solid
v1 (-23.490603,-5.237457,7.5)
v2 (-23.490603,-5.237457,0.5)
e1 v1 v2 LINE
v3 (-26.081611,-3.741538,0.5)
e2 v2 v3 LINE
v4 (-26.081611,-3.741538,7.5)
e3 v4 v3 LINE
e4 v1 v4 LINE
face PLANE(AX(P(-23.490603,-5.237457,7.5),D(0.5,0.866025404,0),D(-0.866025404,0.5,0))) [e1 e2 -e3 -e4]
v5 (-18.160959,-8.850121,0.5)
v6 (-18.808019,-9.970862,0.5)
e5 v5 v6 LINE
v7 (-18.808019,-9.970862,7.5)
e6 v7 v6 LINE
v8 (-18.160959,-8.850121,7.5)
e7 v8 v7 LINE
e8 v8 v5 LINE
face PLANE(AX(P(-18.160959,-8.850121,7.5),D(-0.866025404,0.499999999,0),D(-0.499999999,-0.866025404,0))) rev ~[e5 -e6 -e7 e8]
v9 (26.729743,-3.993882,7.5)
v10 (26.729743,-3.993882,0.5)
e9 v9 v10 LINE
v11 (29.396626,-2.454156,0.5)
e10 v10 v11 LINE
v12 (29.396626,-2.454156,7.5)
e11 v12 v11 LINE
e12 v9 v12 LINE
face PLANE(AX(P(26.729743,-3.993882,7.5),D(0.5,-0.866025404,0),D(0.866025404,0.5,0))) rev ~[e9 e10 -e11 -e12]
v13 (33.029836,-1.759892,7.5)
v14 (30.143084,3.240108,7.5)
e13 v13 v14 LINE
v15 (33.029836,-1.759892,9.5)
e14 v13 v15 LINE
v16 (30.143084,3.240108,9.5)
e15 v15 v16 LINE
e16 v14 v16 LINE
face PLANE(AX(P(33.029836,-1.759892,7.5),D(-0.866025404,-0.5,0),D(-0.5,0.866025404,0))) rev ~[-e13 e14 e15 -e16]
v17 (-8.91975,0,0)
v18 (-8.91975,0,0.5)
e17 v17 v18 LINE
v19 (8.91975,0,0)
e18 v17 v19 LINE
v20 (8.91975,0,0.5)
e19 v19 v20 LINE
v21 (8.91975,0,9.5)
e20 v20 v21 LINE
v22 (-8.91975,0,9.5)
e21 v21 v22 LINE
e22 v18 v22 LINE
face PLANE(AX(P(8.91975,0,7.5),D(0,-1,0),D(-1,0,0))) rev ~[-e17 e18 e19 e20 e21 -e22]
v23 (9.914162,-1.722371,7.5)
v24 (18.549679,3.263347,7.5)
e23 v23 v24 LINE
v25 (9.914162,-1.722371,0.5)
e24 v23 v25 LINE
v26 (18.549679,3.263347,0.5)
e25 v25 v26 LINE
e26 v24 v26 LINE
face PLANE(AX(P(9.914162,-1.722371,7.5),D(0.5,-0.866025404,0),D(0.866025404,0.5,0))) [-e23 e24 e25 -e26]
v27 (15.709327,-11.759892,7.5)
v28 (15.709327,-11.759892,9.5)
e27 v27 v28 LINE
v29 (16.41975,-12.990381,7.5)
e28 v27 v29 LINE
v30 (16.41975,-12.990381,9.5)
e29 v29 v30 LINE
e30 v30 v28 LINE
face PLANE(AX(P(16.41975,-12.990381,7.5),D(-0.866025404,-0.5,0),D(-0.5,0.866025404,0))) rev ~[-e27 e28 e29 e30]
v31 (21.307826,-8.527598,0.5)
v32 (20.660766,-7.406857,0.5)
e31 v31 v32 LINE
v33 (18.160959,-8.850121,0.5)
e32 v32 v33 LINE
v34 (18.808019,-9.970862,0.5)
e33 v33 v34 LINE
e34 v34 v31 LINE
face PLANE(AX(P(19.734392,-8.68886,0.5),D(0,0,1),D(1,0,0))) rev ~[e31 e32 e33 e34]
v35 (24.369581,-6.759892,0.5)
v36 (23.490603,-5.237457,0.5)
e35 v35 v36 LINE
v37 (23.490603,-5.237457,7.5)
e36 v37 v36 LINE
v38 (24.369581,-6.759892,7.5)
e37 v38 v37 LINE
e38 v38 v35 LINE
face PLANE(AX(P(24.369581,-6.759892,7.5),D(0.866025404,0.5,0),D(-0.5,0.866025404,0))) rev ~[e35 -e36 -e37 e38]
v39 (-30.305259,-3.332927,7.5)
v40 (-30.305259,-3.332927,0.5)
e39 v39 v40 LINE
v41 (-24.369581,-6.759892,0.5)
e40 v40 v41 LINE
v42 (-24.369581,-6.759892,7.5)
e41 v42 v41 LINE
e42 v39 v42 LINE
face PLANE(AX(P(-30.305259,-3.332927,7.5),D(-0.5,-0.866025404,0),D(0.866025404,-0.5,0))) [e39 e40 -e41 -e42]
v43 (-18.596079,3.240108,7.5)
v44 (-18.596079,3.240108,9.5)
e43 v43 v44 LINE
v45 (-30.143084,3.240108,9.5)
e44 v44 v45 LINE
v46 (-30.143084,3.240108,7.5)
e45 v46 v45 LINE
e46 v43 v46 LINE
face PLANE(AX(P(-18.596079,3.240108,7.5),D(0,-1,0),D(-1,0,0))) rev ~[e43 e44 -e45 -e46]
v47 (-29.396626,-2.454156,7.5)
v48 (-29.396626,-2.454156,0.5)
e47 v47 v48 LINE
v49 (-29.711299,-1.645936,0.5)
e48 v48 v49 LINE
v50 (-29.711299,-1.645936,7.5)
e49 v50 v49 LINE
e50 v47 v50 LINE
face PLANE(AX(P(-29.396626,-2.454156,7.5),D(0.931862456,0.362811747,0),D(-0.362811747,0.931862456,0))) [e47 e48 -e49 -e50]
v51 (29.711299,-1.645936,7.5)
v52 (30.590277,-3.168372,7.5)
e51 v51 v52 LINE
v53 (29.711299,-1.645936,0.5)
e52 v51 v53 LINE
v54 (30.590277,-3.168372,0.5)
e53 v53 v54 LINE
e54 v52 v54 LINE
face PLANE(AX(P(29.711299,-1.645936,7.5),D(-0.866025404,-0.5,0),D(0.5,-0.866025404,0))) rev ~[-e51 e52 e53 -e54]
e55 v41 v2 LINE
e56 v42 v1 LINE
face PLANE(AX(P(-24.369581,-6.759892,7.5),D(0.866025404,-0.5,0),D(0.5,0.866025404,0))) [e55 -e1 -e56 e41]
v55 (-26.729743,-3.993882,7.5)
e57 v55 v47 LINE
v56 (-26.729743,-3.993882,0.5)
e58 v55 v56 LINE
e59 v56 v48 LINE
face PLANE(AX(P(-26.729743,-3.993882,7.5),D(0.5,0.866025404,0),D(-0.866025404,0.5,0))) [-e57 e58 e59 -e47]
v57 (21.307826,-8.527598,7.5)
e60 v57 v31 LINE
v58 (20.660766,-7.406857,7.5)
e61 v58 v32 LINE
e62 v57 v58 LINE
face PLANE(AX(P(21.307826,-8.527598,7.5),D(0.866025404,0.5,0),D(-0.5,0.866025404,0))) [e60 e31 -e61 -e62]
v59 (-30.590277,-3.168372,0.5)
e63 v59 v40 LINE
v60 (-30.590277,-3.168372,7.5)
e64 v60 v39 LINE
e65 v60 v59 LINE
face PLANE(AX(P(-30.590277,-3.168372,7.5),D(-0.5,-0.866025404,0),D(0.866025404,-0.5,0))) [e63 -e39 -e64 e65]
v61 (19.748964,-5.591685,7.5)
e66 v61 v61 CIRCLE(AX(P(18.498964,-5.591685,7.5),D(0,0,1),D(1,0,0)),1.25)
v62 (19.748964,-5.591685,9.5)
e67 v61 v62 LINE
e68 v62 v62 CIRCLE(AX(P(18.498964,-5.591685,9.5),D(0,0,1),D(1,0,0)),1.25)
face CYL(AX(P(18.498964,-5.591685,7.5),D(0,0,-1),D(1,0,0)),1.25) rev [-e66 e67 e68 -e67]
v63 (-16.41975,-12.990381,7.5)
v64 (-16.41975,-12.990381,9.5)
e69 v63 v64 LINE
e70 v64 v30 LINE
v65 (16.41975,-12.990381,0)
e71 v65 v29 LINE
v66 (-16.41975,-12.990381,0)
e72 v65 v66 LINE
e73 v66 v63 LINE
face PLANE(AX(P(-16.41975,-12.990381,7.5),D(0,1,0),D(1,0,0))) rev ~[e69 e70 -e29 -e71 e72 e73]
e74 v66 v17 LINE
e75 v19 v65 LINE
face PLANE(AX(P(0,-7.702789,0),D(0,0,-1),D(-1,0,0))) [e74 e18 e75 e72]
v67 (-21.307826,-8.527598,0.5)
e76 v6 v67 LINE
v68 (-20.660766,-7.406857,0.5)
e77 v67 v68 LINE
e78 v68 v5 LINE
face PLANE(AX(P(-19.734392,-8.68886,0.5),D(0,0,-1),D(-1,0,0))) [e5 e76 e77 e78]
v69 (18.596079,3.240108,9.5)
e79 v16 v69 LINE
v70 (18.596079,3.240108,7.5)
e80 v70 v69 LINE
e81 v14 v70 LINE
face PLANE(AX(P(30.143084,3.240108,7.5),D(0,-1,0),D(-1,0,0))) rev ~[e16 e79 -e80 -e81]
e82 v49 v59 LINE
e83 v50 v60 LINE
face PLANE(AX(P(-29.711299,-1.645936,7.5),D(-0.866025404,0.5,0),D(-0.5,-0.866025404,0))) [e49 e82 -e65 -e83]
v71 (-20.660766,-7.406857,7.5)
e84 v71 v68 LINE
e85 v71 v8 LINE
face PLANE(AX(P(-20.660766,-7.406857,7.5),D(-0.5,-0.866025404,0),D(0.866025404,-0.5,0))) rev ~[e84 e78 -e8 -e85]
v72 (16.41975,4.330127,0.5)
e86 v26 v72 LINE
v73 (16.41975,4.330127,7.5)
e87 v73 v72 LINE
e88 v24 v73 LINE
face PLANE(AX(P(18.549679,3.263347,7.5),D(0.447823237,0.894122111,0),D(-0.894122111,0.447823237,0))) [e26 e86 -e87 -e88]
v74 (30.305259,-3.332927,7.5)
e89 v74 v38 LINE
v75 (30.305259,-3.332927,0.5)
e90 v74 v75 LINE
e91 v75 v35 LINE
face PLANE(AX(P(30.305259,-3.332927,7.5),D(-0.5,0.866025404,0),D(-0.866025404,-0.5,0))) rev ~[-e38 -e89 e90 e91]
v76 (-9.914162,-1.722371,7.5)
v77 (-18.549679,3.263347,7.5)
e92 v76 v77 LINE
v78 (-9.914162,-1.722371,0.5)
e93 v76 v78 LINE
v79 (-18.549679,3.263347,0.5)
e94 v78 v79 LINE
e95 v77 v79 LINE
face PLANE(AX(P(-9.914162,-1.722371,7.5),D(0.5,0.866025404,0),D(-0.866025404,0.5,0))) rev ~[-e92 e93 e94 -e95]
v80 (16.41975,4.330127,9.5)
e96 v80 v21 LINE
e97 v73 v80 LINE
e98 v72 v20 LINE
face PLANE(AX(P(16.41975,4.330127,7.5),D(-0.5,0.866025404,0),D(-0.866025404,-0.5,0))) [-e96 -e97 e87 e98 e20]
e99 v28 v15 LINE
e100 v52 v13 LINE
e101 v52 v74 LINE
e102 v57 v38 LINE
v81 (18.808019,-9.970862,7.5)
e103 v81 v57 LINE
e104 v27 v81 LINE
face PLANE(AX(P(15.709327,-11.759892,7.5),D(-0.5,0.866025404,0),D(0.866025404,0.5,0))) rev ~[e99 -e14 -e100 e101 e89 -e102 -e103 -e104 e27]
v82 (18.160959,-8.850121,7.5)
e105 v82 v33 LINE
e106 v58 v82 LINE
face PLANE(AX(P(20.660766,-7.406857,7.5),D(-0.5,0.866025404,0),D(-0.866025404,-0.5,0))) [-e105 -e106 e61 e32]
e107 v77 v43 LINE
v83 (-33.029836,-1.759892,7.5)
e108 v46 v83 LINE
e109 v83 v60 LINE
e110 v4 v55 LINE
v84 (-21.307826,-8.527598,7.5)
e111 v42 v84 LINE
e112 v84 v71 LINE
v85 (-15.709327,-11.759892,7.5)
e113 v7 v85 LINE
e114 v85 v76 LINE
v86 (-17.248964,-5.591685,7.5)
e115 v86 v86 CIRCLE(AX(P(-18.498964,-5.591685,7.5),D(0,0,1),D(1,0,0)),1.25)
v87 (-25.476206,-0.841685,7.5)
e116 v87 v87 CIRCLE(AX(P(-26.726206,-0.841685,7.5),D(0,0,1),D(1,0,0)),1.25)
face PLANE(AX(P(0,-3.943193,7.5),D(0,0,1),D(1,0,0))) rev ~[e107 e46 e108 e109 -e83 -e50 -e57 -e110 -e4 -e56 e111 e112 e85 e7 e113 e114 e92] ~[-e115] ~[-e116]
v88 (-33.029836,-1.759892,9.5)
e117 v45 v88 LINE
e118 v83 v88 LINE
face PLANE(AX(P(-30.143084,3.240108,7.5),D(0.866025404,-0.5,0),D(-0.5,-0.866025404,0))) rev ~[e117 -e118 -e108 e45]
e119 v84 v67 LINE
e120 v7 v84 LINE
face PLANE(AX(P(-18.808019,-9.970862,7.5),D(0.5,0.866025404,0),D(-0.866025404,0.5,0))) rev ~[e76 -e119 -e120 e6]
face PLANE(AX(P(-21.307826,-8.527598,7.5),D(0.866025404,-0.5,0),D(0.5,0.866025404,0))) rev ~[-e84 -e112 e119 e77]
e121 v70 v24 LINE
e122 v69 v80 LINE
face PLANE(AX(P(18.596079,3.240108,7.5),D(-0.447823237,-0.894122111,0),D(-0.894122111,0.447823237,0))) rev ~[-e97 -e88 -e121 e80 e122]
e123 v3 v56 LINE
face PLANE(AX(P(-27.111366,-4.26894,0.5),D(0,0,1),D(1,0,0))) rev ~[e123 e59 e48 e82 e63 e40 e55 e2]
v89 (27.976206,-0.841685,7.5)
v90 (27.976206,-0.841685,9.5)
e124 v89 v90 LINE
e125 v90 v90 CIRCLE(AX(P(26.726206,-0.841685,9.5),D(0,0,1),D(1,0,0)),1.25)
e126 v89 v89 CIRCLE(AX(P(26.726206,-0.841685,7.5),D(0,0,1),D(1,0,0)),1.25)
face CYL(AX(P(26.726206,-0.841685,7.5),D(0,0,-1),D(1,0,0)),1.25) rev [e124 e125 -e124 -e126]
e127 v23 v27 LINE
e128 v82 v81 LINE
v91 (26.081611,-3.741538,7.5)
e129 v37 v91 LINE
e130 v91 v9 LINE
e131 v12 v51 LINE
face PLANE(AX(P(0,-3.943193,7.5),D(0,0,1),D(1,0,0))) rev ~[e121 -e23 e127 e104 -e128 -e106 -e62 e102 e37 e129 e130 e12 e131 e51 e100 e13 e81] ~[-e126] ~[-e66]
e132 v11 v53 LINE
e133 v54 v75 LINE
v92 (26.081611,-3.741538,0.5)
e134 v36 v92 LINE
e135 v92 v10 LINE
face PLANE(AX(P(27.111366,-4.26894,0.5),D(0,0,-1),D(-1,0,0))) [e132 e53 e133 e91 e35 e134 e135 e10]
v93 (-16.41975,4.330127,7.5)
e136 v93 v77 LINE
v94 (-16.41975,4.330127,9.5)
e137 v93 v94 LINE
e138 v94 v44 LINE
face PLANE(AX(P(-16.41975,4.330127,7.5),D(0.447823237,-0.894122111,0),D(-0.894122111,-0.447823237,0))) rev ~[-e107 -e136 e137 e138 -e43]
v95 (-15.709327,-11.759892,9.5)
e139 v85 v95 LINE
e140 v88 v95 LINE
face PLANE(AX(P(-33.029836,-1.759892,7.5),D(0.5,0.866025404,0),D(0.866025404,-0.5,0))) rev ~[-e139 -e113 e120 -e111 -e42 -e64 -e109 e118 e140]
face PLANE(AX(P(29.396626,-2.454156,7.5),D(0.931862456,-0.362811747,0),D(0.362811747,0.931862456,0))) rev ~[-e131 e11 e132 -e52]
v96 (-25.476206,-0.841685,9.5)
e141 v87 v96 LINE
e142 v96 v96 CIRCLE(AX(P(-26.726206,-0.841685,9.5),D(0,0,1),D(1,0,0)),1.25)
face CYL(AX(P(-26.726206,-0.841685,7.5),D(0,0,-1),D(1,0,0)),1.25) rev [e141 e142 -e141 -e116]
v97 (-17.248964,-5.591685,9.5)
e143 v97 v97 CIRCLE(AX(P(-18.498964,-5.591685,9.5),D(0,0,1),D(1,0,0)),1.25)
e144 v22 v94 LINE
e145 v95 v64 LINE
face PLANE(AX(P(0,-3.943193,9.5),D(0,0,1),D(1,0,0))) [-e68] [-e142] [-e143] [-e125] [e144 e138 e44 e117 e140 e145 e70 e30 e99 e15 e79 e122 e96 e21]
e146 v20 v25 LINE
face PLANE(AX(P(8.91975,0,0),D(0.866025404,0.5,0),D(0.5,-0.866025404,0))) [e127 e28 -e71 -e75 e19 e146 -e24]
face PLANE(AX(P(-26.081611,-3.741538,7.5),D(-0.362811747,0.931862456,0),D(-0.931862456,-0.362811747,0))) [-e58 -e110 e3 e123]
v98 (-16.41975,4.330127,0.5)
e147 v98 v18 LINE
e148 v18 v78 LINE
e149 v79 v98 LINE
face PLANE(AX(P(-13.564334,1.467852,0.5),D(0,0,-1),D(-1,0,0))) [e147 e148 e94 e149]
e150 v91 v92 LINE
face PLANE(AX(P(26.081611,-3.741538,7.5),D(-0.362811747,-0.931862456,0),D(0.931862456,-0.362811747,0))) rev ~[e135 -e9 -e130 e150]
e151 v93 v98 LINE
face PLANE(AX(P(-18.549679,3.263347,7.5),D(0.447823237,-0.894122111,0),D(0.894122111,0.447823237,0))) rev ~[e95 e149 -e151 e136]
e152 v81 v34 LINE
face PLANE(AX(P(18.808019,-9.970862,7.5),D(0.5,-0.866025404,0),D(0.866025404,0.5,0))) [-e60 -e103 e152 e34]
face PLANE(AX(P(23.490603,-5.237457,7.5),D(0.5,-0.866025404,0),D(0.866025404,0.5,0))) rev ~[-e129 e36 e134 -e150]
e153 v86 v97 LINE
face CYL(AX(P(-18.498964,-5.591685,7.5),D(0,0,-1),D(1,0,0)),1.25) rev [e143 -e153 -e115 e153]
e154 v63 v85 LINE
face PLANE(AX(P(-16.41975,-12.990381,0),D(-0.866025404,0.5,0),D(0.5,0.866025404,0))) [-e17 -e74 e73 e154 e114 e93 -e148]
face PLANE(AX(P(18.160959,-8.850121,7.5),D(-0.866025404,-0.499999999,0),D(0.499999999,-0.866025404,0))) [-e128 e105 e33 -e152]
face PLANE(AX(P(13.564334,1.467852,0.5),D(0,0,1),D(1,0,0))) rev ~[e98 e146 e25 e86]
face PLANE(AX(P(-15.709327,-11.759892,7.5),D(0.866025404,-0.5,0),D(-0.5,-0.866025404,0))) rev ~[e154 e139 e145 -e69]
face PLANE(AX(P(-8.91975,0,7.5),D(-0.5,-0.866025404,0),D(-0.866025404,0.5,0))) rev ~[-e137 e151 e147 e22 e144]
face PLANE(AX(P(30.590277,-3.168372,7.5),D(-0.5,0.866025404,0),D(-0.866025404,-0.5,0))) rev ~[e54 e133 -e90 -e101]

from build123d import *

# Parameters (mm, degrees)
SALIENTE_EXTRUIR1_DEPTH = 7.5
CROQUIS2_R              = 1.25
SALIENTE_EXTRUIR2_DEPTH = 2
SALIENTE_EXTRUIR3_DEPTH = 7


with BuildPart() as part:
    # Croquis1 → Saliente-Extruir1 (new body)
    with BuildSketch(Plane.XY):
        Polygon((-8.919750427, 0), (8.919750427, 0), (16.419750427, -12.990381057), (-16.419750427, -12.990381057), align=None)
    extrude(amount=SALIENTE_EXTRUIR1_DEPTH)

    # Croquis2 → Saliente-Extruir2 (add)
    with BuildSketch(Plane.XY.offset(7.5)):
        Polygon((-8.919750427, 0), (-16.419750427, 4.330127019), (-18.59607878, 3.240107663), (-30.143084163, 3.240107663), (-33.029835509, -1.759892337), (-15.709327434, -11.759892337), (-16.419750427, -12.990381057), (16.419750427, -12.990381057), (15.709327434, -11.759892337), (33.029835509, -1.759892337), (30.143084163, 3.240107663), (18.59607878, 3.240107663), (16.419750427, 4.330127019), (8.919750427, 0), align=None)
        with Locations((-26.726205798, -0.841685406)):
            Circle(CROQUIS2_R, mode=Mode.SUBTRACT)
        with Locations((-18.498964463, -5.591685406)):
            Circle(CROQUIS2_R, mode=Mode.SUBTRACT)
        with Locations((18.498964463, -5.591685406)):
            Circle(CROQUIS2_R, mode=Mode.SUBTRACT)
        with Locations((26.726205798, -0.841685406)):
            Circle(CROQUIS2_R, mode=Mode.SUBTRACT)
    extrude(amount=SALIENTE_EXTRUIR2_DEPTH)

    # Croquis3 → Saliente-Extruir3 (add)
    with BuildSketch(Plane(origin=(0, 0, 7.5), x_dir=(-1, 0, 0), z_dir=(0, 0, -1))):
        Polygon((-18.549679438, 3.263346886), (-16.419750427, 4.330127019), (-8.919750427, 0), (-9.914162027, -1.722371415), align=None)
        Polygon((-30.305258965, -3.332927338), (-24.369581471, -6.759892337), (-23.490602897, -5.237456788), (-26.081610625, -3.741537779), (-26.729742931, -3.993881902), (-29.396625899, -2.454156302), (-29.711298573, -1.645936465), (-30.590277147, -3.168372014), align=None)
        Polygon((-21.307825634, -8.527597894), (-20.660765693, -7.4068572), (-18.160959134, -8.850121189), (-18.808019075, -9.970861884), align=None)
        Polygon((9.914162027, -1.722371415), (18.549679438, 3.263346886), (16.419750427, 4.330127019), (8.919750427, 0), align=None)
        Polygon((18.160959134, -8.850121189), (18.808019075, -9.970861884), (21.307825634, -8.527597894), (20.660765693, -7.4068572), align=None)
        Polygon((29.711298573, -1.645936465), (30.590277147, -3.168372014), (30.305258965, -3.332927338), (24.369581471, -6.759892337), (23.490602897, -5.237456788), (26.081610625, -3.741537779), (26.729742931, -3.993881902), (29.396625899, -2.454156302), align=None)
    extrude(amount=SALIENTE_EXTRUIR3_DEPTH)


solid = part.part
